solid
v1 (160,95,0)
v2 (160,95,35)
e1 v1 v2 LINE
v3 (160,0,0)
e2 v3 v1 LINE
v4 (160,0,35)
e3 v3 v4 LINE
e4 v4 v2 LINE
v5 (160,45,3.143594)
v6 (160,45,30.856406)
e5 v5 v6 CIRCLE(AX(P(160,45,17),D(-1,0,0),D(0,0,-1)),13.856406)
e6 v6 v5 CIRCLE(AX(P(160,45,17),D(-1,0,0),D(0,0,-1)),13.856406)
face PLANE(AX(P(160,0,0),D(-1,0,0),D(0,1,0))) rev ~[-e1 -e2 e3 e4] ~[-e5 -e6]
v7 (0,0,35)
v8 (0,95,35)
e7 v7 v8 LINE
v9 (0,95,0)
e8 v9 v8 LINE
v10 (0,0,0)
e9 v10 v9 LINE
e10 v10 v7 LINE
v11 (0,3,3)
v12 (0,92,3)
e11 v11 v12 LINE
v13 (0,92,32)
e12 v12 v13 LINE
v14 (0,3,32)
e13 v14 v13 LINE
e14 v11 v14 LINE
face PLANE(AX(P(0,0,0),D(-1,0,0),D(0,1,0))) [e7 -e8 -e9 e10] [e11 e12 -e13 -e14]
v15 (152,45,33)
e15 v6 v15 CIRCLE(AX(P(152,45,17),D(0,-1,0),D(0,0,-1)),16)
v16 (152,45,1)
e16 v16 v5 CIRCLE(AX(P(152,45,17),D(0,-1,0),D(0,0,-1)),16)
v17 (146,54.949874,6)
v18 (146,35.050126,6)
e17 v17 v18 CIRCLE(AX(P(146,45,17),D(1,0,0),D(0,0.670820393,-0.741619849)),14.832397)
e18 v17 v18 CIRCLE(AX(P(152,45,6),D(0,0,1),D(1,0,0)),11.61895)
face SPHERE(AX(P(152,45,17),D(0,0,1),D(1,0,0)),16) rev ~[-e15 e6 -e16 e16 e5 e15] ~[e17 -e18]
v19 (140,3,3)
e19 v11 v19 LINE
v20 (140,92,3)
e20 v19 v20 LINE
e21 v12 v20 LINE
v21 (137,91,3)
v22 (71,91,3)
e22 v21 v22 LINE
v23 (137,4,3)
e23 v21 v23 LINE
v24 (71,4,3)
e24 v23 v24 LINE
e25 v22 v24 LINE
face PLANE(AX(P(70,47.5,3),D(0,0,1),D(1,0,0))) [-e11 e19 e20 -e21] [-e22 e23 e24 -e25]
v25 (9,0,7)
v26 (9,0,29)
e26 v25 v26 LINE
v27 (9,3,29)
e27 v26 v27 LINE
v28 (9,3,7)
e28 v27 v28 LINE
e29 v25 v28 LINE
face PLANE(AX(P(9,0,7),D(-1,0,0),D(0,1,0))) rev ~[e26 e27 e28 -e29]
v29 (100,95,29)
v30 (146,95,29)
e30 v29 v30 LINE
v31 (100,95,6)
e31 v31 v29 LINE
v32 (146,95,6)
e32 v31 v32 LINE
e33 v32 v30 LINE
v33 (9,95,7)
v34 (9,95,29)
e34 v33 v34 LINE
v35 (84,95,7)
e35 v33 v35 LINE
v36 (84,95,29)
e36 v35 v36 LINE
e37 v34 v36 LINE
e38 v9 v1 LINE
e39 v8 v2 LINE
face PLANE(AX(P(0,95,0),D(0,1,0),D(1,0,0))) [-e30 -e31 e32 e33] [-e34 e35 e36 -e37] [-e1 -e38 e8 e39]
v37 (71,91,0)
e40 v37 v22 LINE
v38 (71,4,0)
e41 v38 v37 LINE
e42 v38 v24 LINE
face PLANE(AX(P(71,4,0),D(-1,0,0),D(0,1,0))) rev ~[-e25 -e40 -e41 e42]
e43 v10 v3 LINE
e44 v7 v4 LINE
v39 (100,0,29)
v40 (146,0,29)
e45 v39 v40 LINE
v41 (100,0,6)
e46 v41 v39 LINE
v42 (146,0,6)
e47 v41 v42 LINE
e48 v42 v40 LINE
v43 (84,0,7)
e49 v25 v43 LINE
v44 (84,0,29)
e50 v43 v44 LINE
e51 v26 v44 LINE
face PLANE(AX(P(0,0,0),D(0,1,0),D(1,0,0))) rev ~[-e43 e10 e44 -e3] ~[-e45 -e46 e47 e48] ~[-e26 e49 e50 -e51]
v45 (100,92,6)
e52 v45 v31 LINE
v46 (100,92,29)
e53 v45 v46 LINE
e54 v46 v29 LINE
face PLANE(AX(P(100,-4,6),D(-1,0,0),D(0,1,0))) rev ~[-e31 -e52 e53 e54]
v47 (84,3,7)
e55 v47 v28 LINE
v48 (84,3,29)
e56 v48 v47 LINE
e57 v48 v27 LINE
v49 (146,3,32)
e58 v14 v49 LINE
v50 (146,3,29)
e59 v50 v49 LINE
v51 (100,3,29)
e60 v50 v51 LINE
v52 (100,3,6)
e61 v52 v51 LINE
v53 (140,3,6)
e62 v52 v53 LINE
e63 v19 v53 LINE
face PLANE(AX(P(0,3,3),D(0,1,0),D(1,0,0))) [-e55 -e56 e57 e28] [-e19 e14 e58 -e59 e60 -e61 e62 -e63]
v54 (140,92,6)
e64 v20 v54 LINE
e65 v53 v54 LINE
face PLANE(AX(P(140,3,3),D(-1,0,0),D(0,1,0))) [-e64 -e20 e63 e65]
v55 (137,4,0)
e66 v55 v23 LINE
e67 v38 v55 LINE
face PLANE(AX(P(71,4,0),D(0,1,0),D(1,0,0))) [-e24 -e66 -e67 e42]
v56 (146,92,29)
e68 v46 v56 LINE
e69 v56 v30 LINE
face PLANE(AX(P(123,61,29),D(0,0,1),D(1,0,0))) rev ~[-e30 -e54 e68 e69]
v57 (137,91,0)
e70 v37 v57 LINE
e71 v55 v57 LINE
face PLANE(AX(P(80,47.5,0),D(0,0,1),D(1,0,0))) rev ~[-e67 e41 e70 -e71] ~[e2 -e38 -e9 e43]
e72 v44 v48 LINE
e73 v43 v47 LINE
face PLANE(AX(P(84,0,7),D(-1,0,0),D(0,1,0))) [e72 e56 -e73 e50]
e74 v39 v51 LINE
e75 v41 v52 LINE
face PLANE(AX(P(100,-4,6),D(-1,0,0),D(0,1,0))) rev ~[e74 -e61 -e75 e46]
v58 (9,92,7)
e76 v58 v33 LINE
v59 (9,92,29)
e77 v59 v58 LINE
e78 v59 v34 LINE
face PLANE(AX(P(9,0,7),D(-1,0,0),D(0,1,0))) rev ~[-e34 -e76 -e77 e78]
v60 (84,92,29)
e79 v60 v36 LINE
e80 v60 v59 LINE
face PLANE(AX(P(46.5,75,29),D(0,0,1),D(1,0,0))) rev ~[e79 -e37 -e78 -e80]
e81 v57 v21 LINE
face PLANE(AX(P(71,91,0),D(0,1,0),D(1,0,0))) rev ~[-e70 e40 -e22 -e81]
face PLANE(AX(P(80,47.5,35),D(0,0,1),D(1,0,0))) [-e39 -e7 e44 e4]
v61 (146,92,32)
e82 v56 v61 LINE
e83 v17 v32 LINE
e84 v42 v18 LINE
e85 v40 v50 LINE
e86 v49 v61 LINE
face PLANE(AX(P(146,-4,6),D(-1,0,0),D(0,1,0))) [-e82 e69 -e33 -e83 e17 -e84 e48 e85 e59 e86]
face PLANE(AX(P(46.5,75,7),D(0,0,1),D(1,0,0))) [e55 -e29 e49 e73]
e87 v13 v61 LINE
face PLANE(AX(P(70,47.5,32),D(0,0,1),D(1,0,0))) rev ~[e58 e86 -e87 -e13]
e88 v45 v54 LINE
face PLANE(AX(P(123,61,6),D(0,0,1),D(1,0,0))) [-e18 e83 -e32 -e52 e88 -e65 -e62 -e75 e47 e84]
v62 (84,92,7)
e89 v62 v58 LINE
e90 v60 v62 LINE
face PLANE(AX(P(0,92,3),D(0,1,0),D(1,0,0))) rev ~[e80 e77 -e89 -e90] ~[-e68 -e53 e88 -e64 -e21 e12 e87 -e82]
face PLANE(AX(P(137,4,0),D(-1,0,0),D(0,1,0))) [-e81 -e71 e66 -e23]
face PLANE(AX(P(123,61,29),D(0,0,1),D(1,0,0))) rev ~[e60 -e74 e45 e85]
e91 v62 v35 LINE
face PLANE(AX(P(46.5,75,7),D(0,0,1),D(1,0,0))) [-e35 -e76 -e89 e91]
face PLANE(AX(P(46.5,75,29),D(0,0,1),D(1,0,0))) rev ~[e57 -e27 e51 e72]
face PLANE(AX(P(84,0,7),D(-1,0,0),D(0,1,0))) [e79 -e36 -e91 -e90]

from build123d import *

# Parameters (mm, degrees)
BOX005_W     = 14
BOX005_H     = 89
BOX005_DEPTH = 10
BOX004_W     = 46
BOX004_H     = 130
BOX004_DEPTH = 23
BOX003_W     = 66
BOX003_H     = 87
BOX003_DEPTH = 10
BOX002_W     = 140
BOX002_H     = 89
BOX002_DEPTH = 29
BOX001_W     = 75
BOX001_H     = 150
BOX001_DEPTH = 22
BOX_W        = 160
BOX_H        = 95
BOX_DEPTH    = 35


with BuildPart() as cubo005:
    # Box005 → Box005 (new body)
    with BuildSketch(Plane(origin=(132, 3, 22), x_dir=(1, 0, 0), z_dir=(0, 0, 1))):
        with Locations((7, 44.5)):
            Rectangle(BOX005_W, BOX005_H)
    extrude(amount=BOX005_DEPTH)


with BuildPart() as cubo004:
    # Box004 → Box004 (new body)
    with BuildSketch(Plane(origin=(100, -4, 6), x_dir=(1, 0, 0), z_dir=(0, 0, 1))):
        with Locations((23, 65)):
            Rectangle(BOX004_W, BOX004_H)
    extrude(amount=BOX004_DEPTH)


with BuildPart() as cubo003:
    # Box003 → Box003 (new body)
    with BuildSketch(Plane(origin=(71, 4, 0), x_dir=(1, 0, 0), z_dir=(0, 0, 1))):
        with Locations((33, 43.5)):
            Rectangle(BOX003_W, BOX003_H)
    extrude(amount=BOX003_DEPTH)


with BuildPart() as esfera:
    # Sphere → Sphere (revolve)
    with BuildSketch(Plane(origin=(152, 45, 17), x_dir=(1, 0, 0), z_dir=(0, -1, 0))):
        with BuildLine():
            ThreePointArc((0, -16), (16, 0), (0, 16))
            Line((0, 16), (0, -16))
        make_face()
    revolve(axis=Axis((152, 45, 17), (0, 0, 1)))


with BuildPart() as cubo002:
    # Box002 → Box002 (new body)
    with BuildSketch(Plane(origin=(0, 3, 3), x_dir=(1, 0, 0), z_dir=(0, 0, 1))):
        with Locations((70, 44.5)):
            Rectangle(BOX002_W, BOX002_H)
    extrude(amount=BOX002_DEPTH)


with BuildPart() as cubo001:
    # Box001 → Box001 (new body)
    with BuildSketch(Plane(origin=(9, 0, 7), x_dir=(1, 0, 0), z_dir=(0, 0, 1))):
        with Locations((37.5, 75)):
            Rectangle(BOX001_W, BOX001_H)
    extrude(amount=BOX001_DEPTH)


with BuildPart() as cut005:
    # Box → Box (new body)
    with BuildSketch(Plane.XY):
        with Locations((80, 47.5)):
            Rectangle(BOX_W, BOX_H)
    extrude(amount=BOX_DEPTH)

    # Cut: cut Cubo001
    add(cubo001.part, mode=Mode.SUBTRACT)

    # Cut001: cut Cubo002
    add(cubo002.part, mode=Mode.SUBTRACT)

    # Cut002: cut Esfera
    add(esfera.part, mode=Mode.SUBTRACT)

    # Cut003: cut Cubo003
    add(cubo003.part, mode=Mode.SUBTRACT)

    # Cut004: cut Cubo004
    add(cubo004.part, mode=Mode.SUBTRACT)

    # Cut005: cut Cubo005
    add(cubo005.part, mode=Mode.SUBTRACT)


solid = cut005.part
